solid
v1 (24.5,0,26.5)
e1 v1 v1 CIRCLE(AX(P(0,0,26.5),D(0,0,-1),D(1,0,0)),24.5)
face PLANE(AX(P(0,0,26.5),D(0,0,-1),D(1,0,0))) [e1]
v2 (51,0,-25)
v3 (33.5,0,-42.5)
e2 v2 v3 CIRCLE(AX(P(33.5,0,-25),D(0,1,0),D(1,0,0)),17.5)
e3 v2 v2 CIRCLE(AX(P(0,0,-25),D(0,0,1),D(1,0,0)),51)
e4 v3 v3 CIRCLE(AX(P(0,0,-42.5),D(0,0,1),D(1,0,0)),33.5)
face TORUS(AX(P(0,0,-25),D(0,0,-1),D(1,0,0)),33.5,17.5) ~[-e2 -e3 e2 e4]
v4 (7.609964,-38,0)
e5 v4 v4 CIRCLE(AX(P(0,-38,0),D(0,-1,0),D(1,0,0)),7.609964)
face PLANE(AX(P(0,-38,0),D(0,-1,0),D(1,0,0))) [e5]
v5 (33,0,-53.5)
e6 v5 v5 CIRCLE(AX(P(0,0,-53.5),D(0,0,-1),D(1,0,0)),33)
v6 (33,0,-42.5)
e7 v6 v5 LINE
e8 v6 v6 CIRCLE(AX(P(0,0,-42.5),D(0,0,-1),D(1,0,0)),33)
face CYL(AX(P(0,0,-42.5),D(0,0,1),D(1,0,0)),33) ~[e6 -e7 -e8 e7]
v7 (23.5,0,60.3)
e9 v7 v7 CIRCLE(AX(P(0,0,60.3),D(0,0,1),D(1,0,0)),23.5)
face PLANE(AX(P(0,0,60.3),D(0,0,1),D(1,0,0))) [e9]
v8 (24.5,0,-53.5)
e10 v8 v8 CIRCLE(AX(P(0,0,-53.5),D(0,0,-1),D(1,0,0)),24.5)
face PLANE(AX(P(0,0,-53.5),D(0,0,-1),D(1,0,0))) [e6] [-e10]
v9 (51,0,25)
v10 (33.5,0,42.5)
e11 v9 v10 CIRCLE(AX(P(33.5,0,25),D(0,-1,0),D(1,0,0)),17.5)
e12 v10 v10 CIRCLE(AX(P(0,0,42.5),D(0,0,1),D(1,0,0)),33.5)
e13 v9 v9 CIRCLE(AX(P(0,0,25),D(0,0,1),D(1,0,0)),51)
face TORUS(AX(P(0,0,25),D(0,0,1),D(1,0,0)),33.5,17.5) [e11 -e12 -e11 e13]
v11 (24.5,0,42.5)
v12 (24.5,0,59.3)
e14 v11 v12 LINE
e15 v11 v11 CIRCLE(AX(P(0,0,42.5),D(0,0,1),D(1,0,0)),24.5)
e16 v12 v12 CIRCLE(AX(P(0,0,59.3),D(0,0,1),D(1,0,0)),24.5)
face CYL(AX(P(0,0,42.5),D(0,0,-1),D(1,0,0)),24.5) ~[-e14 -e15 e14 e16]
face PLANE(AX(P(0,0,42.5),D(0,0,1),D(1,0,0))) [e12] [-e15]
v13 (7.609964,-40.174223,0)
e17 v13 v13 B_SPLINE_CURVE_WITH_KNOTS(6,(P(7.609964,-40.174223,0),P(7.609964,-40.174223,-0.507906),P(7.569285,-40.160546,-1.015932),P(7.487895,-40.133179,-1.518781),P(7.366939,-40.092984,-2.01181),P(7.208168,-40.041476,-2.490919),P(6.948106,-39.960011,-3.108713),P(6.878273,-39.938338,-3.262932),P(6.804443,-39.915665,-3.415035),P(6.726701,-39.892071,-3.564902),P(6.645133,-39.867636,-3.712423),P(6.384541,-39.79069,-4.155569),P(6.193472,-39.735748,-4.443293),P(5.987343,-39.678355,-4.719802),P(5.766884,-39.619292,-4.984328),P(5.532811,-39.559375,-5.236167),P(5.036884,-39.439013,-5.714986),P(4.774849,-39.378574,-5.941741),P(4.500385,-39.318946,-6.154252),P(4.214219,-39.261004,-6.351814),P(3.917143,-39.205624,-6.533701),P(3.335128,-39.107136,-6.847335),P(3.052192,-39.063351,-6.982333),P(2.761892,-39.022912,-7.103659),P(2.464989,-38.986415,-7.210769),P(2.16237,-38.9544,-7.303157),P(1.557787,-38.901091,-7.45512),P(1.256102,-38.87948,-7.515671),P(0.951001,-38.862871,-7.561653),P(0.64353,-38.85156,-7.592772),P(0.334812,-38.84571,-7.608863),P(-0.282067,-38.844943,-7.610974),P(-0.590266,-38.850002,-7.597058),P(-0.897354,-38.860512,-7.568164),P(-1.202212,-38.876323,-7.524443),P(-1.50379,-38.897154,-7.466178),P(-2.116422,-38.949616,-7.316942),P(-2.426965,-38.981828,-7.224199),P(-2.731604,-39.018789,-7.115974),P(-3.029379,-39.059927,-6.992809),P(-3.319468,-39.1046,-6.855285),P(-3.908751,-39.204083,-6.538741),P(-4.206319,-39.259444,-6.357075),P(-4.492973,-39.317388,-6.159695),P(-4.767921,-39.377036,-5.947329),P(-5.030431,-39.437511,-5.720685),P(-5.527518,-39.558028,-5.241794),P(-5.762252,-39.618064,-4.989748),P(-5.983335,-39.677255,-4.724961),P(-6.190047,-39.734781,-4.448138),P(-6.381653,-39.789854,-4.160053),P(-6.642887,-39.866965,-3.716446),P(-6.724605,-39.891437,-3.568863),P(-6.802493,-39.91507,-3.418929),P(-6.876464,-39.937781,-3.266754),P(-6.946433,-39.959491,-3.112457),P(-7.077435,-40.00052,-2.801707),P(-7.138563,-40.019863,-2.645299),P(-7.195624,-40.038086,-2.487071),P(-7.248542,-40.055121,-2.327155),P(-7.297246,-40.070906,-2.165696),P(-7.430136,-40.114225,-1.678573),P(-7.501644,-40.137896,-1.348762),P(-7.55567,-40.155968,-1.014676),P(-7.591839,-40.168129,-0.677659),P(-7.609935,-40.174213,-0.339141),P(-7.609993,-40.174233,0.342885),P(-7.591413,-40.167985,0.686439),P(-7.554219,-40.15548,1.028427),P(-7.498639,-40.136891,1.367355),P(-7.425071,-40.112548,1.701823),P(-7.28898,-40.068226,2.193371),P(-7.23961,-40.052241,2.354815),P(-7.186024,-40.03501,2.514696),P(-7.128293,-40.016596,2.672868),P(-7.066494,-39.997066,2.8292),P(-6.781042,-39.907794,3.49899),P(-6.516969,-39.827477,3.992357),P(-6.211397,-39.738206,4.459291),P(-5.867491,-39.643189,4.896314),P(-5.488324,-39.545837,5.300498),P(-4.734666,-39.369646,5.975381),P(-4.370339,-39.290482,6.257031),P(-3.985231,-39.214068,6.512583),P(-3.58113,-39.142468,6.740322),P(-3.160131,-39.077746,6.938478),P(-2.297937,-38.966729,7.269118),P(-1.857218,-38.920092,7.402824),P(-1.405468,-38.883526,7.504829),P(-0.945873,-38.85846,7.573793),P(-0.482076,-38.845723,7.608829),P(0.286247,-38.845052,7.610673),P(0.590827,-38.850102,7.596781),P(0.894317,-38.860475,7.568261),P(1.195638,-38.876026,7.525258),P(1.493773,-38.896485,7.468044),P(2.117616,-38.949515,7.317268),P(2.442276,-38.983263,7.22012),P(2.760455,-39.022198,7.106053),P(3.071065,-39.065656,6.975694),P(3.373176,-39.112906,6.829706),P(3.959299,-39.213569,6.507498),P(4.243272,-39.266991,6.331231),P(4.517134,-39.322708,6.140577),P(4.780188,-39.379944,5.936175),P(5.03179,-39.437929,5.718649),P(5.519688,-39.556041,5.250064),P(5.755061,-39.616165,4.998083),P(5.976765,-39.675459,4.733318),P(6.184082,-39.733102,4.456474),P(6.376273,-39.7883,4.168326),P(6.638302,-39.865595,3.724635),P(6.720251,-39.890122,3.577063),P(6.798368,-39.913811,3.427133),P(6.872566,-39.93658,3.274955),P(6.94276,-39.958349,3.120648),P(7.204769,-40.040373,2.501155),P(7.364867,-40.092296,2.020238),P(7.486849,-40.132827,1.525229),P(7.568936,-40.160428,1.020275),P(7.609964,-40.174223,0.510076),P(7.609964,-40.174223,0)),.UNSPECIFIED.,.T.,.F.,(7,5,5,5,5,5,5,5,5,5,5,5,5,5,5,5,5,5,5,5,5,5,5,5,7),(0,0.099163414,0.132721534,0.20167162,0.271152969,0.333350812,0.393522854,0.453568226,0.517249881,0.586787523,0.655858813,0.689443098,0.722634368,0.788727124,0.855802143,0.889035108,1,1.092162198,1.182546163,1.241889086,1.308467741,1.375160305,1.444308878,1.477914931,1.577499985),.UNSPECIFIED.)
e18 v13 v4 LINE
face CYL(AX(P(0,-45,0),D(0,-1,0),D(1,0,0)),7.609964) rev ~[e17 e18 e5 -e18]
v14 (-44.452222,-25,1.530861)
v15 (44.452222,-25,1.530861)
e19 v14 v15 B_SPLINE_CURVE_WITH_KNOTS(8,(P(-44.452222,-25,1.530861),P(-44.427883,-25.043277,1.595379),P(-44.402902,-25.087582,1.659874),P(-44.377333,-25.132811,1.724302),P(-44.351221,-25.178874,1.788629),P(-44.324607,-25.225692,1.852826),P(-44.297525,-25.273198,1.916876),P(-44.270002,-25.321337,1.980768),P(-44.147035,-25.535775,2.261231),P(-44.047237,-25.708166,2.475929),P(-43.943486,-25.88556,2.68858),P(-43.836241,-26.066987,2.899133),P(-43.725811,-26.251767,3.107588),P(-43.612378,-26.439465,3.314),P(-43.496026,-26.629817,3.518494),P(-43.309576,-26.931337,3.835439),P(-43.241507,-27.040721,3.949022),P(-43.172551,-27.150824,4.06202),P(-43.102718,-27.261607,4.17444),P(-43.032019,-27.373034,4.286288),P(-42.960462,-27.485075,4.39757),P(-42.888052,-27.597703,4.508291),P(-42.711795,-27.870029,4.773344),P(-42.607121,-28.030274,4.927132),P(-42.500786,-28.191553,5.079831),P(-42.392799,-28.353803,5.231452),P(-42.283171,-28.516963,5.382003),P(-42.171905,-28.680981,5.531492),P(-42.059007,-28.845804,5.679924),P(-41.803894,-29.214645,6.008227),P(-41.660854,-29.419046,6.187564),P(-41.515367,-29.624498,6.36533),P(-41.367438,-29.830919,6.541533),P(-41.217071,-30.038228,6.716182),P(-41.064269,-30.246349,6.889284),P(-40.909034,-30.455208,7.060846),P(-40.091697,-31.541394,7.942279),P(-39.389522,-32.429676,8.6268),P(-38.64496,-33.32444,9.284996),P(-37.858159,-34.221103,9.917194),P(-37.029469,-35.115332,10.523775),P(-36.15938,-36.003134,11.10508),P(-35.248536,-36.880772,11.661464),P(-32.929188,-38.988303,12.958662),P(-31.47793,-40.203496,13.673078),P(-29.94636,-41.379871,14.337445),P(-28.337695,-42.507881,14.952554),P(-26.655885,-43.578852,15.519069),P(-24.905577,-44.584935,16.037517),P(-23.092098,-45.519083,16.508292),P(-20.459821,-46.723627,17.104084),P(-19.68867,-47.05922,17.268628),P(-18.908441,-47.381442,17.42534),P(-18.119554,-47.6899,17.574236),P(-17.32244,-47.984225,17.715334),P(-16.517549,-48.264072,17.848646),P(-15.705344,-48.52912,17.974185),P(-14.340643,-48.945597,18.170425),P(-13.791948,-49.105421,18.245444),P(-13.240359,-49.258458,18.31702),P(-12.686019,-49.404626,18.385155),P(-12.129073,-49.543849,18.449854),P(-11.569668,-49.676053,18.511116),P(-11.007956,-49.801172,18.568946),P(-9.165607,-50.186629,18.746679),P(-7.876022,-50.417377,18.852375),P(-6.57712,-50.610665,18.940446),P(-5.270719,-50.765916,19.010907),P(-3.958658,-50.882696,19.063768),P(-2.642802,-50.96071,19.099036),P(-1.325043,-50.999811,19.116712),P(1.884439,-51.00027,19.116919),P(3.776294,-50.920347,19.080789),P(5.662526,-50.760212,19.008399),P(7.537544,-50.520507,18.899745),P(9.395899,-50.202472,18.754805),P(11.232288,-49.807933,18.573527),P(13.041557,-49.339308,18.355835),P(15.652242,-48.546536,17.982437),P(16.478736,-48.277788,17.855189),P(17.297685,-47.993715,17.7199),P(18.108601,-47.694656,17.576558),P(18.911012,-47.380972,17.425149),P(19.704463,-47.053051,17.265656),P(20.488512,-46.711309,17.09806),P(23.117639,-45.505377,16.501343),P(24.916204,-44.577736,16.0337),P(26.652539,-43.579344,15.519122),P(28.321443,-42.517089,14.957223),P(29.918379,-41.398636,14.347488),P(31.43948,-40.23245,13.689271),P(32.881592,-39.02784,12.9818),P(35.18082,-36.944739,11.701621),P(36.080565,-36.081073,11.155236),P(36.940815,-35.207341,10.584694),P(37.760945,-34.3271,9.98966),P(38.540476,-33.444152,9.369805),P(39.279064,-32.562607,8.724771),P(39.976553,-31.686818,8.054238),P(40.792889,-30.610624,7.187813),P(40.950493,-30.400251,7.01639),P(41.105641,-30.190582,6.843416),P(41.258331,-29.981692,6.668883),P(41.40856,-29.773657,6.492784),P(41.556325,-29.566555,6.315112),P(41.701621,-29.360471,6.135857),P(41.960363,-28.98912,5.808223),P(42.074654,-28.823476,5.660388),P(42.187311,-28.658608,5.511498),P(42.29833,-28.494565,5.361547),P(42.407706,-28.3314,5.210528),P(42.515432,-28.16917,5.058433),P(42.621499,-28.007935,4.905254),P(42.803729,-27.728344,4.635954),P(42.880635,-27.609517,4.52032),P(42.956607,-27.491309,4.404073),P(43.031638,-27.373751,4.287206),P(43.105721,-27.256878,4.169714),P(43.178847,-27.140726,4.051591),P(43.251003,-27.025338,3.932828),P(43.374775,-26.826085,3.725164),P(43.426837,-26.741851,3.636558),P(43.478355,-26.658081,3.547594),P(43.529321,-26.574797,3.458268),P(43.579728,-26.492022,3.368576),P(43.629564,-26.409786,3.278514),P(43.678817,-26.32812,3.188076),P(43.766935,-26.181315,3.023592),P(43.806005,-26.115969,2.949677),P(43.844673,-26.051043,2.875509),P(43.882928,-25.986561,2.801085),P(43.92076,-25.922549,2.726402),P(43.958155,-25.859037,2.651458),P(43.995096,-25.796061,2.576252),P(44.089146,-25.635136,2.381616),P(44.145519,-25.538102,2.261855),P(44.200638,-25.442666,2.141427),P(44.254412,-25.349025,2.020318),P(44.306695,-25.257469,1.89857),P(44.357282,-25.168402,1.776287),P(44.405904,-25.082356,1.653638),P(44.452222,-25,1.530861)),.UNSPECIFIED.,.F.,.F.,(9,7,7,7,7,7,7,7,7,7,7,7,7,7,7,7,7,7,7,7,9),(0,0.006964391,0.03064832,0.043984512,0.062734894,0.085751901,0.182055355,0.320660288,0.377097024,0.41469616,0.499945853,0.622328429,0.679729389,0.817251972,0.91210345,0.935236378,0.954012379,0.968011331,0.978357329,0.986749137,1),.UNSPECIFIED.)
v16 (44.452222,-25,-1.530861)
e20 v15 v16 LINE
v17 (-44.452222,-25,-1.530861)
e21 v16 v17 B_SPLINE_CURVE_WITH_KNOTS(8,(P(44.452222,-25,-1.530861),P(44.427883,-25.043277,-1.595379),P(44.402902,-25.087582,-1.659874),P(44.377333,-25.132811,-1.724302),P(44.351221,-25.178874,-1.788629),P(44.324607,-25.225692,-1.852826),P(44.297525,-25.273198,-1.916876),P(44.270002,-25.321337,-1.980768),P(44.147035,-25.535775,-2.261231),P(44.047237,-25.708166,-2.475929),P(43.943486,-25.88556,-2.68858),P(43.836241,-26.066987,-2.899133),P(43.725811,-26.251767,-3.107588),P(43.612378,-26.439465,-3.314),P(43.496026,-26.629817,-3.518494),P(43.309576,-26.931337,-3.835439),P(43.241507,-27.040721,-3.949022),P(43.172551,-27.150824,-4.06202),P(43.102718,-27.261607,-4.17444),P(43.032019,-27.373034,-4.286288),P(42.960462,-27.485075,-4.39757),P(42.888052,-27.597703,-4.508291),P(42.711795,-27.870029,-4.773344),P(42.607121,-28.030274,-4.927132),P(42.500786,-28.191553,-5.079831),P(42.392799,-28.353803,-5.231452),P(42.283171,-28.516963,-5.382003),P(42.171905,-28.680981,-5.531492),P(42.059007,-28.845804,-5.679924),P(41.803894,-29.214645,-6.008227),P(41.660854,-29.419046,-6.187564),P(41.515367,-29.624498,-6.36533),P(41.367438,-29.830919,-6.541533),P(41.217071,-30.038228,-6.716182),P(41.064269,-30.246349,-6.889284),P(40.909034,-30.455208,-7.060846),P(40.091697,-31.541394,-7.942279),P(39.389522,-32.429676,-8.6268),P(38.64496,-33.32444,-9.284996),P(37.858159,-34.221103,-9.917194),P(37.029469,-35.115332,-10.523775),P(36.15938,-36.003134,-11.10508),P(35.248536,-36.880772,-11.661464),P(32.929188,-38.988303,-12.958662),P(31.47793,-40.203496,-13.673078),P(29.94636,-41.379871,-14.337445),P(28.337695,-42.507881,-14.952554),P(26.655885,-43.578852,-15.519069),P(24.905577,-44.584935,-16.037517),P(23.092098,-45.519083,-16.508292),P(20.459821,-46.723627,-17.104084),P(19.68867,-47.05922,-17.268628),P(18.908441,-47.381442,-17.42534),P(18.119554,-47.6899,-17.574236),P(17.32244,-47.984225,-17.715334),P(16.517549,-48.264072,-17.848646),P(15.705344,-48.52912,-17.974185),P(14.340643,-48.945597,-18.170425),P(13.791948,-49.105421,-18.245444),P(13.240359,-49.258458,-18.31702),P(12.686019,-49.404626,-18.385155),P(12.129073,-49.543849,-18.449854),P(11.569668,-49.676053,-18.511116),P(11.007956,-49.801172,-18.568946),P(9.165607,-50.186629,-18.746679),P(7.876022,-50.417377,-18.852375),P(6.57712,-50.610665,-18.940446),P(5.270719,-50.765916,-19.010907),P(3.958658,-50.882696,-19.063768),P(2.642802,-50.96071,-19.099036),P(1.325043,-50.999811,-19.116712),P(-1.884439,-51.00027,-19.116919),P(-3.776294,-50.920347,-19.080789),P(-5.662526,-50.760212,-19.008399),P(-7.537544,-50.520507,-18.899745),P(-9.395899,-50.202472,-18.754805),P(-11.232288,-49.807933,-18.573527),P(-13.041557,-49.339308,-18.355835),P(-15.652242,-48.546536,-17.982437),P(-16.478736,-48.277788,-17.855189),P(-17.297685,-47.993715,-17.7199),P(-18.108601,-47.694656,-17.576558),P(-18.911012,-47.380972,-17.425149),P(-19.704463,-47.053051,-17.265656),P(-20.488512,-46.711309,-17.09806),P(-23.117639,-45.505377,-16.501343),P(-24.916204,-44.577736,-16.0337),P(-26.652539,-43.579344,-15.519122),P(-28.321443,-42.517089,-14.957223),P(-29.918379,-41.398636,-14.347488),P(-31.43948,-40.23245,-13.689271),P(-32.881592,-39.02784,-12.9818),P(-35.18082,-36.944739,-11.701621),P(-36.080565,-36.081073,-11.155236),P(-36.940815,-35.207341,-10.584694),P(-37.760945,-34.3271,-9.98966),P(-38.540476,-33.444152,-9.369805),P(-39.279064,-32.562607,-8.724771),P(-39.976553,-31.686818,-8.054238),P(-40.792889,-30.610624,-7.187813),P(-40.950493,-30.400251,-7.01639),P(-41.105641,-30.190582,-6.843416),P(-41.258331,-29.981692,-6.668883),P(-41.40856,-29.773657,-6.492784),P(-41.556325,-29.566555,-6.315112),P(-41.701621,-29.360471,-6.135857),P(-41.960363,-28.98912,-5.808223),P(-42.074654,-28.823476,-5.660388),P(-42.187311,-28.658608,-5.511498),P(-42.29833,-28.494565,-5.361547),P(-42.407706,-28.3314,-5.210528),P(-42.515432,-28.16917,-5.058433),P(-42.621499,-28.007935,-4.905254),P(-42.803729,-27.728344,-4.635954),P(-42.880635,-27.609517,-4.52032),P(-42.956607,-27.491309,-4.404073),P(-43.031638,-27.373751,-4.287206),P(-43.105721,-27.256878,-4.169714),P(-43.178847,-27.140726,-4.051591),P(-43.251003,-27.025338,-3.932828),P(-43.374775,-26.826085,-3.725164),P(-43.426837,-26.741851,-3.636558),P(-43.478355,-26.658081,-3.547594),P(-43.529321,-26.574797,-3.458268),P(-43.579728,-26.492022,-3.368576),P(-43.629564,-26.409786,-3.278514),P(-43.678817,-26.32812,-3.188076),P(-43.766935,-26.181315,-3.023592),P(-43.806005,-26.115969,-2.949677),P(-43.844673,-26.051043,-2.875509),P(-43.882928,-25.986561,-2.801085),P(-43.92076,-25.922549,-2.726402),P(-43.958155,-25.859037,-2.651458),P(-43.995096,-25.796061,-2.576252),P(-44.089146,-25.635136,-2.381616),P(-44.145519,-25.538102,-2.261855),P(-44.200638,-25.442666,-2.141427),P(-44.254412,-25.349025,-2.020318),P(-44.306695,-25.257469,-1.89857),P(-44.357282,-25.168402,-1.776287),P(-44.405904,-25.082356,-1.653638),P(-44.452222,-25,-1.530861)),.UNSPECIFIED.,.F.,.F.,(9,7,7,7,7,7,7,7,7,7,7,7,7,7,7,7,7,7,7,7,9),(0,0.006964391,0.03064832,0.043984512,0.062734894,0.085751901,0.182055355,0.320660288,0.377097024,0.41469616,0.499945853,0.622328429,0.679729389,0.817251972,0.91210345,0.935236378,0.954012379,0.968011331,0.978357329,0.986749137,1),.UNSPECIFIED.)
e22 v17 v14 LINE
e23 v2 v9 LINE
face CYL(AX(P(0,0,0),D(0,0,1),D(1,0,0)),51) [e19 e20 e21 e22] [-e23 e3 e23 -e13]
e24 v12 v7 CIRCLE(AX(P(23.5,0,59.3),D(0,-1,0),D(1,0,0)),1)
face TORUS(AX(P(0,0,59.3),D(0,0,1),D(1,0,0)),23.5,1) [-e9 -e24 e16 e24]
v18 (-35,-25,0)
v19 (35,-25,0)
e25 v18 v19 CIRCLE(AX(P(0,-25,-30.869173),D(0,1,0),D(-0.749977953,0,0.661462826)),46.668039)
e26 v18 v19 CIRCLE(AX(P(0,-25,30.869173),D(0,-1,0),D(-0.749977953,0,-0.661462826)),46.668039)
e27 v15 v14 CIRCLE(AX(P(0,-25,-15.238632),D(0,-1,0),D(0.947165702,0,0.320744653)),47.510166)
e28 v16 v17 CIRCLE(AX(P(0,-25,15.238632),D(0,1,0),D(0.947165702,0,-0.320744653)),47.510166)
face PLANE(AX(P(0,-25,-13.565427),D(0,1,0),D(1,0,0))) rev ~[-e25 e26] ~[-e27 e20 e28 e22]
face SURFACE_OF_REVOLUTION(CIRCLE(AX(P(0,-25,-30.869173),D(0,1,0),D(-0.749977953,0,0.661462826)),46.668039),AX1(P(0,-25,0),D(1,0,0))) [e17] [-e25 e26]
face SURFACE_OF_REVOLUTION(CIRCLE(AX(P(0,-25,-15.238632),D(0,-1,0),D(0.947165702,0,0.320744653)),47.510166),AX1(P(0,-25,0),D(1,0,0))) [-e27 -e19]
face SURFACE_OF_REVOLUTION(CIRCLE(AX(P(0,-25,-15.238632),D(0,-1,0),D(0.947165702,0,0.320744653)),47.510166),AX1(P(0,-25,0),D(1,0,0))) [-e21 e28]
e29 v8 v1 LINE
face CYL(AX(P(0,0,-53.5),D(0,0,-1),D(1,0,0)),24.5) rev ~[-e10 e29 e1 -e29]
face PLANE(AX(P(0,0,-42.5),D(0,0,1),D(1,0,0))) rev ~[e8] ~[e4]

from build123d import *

# Parameters (mm, degrees)
F0_R      = 51
F1_DEPTH  = 42.5
F2_R      = 17.5
F3_R      = 24.5
F4_DEPTH  = 17.8
F5_R      = 1
F6_DEPTH  = 42.5
F7_R      = 33
F8_DEPTH  = 11
F9_R      = 24.5
F10_DEPTH = 80
F11_R     = 17.5
F17_ANGLE = 180
F19_R     = 7.6099640243
F20_DEPTH = 7
F21_R     = 24.25
F22_DEPTH = 80


with BuildPart() as f1:
    # F0 (on Top) → F1 (new body)
    with BuildSketch(Plane.XY):
        Circle(F0_R)
    extrude(amount=F1_DEPTH)

    # F2
    f2_edges = [f1.edges().sort_by_distance(p)[0] for p in [
        (-51, 0, 42.5),
    ]]
    fillet(f2_edges, radius=F2_R)

    # F3 (on face) → F4 (join)
    with BuildSketch(Plane.XY.offset(42.5)):
        Circle(F3_R)
    extrude(amount=F4_DEPTH)

    # F5
    f5_edges = [f1.edges().sort_by_distance(p)[0] for p in [
        (-24.5, 0, 60.3),
    ]]
    fillet(f5_edges, radius=F5_R)

    # F6 (add): a face of the model
    f6_faces = [f1.faces().sort_by_distance(p)[0] for p in [
        (0, 0, 0),
    ]]
    extrude(f6_faces, amount=F6_DEPTH)

    # F7 (on face) → F8 (join)
    with BuildSketch(Plane(origin=(0, 0, -42.5), x_dir=(1, 0, 0), z_dir=(0, 0, -1))):
        Circle(F7_R)
    extrude(amount=F8_DEPTH)

    # F9 (on face) → F10 (cut)
    with BuildSketch(Plane(origin=(0, 0, -53.5), x_dir=(1, 0, 0), z_dir=(0, 0, -1))):
        Circle(F9_R)
    extrude(amount=-F10_DEPTH, mode=Mode.SUBTRACT)

    # F11
    f11_edges = [f1.edges().sort_by_distance(p)[0] for p in [
        (-51, 0, -42.5),
    ]]
    fillet(f11_edges, radius=F11_R)

    # F16 (on offset) → F17 (revolve, cut)
    with BuildSketch(Plane.XZ.offset(25)):
        with BuildLine():
            Line((35, 0), (45, 0))
            ThreePointArc((45, 0), (0, 32.271534479), (-45, 0))
            Line((-45, 0), (-35, 0))
            ThreePointArc((-35, 0), (0, 15.7988658705), (35, 0))
        make_face()
    revolve(axis=Axis((0, -25, 0), (1, 0, 0)), revolution_arc=F17_ANGLE, mode=Mode.SUBTRACT)


with BuildPart() as f14:
    # F13 (on offset) → F14 (revolve)
    with BuildSketch(Plane.XZ.offset(25)):
        with BuildLine():
            Line((-35, 0), (35, 0))
            ThreePointArc((35, 0), (0, 15.4876255188), (-35, 0))
        make_face()
    revolve(axis=Axis((0, -25, 0), (1, 0, 0)))


with BuildPart() as f20_tool:
    # F19 (on offset) → F20 (new body)
    with BuildSketch(Plane.XZ.offset(45)):
        Circle(F19_R)
    extrude(amount=-F20_DEPTH)


with BuildPart() as f1_1:
    add(f1.part)

    # F20: cut by f20_tool
    add(f20_tool.part, mode=Mode.SUBTRACT)


with BuildPart() as f14_1:
    add(f14.part)

    # F20: cut by f20_tool
    add(f20_tool.part, mode=Mode.SUBTRACT)

    # F21 (on face) → F22 (cut)
    with BuildSketch(Plane(origin=(0, 0, -53.5), x_dir=(1, 0, 0), z_dir=(0, 0, -1))):
        Circle(F21_R)
    extrude(amount=-F22_DEPTH, mode=Mode.SUBTRACT)


solid = f1_1.part
